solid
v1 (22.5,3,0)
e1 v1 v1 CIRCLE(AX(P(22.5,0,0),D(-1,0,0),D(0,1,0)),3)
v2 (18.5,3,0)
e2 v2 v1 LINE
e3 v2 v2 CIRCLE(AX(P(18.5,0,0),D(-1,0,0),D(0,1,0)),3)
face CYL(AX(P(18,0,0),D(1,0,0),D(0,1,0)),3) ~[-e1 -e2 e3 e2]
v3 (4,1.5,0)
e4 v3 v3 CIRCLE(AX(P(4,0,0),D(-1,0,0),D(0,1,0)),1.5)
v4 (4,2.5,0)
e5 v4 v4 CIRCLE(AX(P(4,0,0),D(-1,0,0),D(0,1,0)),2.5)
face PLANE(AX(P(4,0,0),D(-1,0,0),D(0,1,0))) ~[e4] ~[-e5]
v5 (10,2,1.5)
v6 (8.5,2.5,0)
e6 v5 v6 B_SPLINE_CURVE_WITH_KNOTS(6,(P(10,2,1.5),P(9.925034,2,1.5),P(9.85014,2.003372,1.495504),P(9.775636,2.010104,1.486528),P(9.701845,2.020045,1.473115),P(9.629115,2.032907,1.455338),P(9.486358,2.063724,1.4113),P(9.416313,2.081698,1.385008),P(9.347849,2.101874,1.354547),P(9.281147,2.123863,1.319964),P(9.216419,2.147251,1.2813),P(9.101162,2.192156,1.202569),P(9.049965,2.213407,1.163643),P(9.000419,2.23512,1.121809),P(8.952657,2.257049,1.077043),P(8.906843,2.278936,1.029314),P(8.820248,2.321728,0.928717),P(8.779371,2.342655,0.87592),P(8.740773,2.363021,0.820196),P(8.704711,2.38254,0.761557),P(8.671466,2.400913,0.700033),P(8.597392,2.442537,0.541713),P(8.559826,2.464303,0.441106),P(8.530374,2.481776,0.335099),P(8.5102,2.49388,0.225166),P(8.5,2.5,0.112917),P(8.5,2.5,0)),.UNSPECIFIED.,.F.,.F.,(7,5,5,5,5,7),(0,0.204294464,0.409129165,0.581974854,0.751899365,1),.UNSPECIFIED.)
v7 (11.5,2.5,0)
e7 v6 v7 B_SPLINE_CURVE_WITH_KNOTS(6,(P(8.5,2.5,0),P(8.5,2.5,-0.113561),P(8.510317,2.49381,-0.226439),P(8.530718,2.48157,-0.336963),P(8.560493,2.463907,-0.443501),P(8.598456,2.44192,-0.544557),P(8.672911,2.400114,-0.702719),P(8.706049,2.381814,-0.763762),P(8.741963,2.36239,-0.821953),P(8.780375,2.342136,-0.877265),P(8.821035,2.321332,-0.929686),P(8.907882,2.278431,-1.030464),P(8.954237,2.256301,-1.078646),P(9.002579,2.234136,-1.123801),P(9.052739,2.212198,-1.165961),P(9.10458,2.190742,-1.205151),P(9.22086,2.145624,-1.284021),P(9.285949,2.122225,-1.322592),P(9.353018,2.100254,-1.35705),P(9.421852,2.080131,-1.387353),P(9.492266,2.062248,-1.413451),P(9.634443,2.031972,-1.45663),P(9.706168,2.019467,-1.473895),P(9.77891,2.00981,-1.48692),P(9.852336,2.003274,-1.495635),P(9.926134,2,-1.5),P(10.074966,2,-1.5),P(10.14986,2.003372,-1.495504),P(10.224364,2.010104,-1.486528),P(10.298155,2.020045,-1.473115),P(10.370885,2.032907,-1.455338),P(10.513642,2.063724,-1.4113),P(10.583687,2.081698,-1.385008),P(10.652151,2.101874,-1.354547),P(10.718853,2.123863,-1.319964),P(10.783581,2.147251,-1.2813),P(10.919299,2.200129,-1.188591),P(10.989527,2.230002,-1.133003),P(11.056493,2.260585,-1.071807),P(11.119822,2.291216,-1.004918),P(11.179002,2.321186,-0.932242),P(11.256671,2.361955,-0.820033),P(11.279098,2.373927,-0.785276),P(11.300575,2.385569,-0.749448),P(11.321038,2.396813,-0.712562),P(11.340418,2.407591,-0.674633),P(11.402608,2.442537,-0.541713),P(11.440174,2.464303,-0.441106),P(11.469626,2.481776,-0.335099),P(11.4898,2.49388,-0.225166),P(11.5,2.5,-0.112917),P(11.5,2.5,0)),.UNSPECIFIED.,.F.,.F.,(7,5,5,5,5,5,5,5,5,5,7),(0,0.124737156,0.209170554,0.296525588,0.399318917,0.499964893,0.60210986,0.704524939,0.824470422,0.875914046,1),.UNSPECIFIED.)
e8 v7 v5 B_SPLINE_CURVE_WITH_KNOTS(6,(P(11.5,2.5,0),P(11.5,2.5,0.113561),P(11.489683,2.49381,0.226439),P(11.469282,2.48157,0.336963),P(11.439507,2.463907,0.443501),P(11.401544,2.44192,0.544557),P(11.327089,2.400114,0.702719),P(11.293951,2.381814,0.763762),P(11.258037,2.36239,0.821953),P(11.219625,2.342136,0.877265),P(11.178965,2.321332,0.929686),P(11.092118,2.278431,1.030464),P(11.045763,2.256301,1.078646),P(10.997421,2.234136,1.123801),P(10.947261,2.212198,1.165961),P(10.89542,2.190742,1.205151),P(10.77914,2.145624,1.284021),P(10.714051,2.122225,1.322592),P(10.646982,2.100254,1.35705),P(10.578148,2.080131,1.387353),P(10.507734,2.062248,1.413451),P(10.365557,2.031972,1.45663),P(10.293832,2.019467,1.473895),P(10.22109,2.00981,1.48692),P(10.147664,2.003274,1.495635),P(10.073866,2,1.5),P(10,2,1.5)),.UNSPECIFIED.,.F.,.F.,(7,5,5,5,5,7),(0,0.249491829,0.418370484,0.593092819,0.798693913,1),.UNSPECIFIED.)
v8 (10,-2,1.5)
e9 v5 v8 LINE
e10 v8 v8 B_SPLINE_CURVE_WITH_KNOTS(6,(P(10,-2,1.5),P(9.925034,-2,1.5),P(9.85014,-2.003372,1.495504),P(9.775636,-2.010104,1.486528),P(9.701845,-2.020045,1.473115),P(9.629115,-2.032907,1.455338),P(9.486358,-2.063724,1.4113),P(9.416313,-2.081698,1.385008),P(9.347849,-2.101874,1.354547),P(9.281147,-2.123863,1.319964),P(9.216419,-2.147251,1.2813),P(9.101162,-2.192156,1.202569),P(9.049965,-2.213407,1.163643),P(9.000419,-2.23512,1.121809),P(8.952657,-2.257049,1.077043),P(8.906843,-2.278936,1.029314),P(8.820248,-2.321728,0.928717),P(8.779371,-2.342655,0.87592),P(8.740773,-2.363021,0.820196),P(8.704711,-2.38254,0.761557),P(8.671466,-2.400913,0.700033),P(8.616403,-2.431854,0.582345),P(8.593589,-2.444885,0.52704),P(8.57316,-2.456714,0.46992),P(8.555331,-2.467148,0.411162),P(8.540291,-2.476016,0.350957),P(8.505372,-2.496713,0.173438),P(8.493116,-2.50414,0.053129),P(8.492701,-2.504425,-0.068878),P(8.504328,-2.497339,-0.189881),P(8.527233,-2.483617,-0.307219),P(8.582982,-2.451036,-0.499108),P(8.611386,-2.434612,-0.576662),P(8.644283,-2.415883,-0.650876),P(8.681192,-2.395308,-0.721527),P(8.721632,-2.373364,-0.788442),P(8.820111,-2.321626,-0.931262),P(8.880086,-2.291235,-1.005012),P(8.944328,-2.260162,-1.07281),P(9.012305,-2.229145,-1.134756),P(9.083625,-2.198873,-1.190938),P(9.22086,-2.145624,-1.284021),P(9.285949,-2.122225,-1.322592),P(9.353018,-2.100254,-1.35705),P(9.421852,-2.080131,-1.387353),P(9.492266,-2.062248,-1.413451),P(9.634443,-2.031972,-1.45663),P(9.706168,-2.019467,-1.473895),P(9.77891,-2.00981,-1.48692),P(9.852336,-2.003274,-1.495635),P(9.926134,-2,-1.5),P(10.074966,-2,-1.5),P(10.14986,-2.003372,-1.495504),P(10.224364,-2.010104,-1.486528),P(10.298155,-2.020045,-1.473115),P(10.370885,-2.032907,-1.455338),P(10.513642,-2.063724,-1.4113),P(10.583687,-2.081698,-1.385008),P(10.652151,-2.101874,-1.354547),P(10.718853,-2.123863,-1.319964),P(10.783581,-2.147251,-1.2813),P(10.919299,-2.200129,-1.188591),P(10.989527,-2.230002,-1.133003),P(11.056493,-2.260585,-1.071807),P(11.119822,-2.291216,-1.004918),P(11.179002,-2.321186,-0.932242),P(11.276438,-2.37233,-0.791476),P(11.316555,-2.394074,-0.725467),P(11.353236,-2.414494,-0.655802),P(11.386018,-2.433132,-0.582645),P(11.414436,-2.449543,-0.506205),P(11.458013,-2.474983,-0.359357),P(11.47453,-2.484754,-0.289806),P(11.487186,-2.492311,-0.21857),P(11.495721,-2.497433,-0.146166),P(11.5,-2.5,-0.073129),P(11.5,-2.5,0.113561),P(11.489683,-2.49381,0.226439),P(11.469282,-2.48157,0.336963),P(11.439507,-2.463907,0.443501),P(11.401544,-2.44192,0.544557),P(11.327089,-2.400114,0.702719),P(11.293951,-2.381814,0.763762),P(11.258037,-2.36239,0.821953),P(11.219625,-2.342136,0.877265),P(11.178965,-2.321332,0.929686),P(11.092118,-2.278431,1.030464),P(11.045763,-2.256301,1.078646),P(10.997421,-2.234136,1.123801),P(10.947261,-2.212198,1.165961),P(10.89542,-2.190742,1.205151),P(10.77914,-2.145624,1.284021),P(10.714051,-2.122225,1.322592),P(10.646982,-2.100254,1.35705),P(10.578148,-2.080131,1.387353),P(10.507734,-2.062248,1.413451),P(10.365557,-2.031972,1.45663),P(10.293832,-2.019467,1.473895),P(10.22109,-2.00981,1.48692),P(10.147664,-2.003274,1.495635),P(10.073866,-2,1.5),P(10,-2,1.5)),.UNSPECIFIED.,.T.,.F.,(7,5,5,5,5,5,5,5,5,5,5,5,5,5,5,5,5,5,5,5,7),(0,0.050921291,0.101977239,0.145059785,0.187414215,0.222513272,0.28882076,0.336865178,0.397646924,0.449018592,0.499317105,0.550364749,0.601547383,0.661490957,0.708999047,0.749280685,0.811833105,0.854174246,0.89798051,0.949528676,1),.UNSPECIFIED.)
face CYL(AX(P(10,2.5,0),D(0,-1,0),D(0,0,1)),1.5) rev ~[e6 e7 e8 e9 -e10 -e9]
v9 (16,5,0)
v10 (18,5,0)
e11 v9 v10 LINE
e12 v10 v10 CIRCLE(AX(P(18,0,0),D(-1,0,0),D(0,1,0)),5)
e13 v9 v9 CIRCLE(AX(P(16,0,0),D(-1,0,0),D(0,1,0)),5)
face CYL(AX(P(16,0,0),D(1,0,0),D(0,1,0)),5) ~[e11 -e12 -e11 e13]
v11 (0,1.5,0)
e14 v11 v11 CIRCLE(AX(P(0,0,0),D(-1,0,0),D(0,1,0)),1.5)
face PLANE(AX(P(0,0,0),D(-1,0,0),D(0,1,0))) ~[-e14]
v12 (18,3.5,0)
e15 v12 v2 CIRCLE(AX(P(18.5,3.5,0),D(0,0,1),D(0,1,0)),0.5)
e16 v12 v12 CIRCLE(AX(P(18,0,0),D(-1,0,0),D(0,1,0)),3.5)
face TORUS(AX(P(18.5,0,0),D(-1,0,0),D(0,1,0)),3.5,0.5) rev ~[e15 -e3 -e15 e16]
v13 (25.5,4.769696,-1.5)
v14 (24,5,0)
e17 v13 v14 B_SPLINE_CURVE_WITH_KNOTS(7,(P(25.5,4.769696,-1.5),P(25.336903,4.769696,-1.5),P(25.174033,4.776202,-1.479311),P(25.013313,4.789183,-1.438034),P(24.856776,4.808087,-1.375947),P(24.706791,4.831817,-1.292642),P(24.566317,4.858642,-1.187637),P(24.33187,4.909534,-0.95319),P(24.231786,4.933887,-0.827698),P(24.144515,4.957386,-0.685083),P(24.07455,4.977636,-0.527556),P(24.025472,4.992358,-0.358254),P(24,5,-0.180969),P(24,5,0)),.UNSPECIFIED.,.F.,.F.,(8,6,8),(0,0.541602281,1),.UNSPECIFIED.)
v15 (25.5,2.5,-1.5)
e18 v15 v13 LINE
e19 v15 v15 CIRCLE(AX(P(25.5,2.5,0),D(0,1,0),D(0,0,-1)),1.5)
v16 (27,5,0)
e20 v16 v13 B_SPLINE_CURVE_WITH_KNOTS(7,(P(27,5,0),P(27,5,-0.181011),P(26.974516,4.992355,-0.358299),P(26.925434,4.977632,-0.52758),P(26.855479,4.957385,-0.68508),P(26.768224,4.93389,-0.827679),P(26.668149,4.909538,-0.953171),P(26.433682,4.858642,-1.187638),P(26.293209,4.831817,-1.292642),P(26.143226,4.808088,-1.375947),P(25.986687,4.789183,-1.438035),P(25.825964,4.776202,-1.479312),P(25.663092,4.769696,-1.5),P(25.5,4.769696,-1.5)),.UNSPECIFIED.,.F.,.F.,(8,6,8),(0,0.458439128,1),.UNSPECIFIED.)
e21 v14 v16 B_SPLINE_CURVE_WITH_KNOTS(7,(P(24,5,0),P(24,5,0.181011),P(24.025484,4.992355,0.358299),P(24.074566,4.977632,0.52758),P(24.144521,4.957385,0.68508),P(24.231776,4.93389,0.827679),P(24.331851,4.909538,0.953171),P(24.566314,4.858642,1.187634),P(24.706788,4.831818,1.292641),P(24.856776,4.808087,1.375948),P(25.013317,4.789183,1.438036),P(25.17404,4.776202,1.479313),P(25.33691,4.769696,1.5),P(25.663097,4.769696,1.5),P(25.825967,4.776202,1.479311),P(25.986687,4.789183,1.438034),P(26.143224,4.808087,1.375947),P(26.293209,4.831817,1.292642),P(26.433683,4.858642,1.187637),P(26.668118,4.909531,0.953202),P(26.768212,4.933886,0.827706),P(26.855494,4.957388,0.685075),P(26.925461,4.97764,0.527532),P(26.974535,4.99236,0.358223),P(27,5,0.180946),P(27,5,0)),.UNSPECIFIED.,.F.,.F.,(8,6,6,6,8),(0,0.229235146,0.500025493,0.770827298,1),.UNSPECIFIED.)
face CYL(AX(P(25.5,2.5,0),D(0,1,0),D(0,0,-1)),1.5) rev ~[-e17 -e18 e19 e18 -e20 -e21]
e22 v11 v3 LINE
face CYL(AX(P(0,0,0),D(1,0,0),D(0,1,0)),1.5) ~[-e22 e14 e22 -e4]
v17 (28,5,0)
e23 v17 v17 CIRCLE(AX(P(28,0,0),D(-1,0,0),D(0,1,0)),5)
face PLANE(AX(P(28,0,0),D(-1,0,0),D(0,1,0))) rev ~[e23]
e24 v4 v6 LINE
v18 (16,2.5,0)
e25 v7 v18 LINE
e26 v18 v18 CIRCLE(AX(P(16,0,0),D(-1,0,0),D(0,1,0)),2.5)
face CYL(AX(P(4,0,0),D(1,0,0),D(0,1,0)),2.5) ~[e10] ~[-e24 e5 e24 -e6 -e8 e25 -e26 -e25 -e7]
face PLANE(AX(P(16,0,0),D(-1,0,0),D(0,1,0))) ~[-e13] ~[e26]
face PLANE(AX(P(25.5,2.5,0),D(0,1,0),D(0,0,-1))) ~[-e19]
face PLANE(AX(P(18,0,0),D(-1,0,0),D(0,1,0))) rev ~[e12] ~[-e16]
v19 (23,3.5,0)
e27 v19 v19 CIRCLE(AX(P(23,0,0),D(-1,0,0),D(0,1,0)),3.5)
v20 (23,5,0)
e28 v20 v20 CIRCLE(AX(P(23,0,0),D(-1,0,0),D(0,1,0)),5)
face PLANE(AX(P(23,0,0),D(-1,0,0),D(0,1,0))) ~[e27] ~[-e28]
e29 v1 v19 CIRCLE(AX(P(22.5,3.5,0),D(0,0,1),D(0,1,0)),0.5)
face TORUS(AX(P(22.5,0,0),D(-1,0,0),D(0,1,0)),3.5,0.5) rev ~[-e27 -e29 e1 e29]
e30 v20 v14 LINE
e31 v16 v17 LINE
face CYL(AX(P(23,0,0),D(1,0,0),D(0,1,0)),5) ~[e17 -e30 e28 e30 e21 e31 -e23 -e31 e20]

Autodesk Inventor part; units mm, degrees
ref_plane "YZ Plane" through (0, 0, 0) normal (1, 0, 0) x (0, 1, 0)
ref_plane "XY Plane" through (0, 0, 0) normal (0, 0, 1) x (1, 0, 0)
sketch "Sketch1" plane through (0, 0, 0) normal (0, 0, 1) x (1, 0, 0)
  line L0 (0, 0) -> (0, 1.5)
  line L1 (0, 1.5) -> (4, 1.5)
  line L2 (4, 1.5) -> (4, 2.5)
  line L3 (4, 2.5) -> (16, 2.5)
  line L4 (16, 2.5) -> (16, 5)
  line L5 (16, 5) -> (18, 5)
  line L6 (18, 5) -> (18, 3)
  line L7 (18, 3) -> (23, 3)
  line L8 (23, 3) -> (23, 5)
  line L9 (23, 5) -> (28, 5)
  line L10 (28, 5) -> (28, 0)
  line L11 (28, 0) -> (0, 0)
  dimension "d0" = 28
  dimension "d1" = 5
  dimension "d2" = 5
  dimension "d3" = 2
  dimension "d4" = 12
  dimension "d5" = 3
  dimension "d6" = 5
  dimension "d7" = 10
  dimension "d8" = 6
revolve "Revolution1" add sketch "Sketch1" angle 360 about axis through (28, 0, 0) along (-1, 0, 0)
ref_plane "Work Plane1" through (0, 2.5, 0) normal (0, 1, 0) x (-1, 0, 0)
sketch "Sketch2" plane through (0, 2.5, 0) normal (0, 1, 0) x (-1, 0, 0)
  line L0 (-4, -2.5) -> (-4, 2.5) projected
  point P0 (0, 0)
  point P1 (-10, 0)
  dimension "d11" = 6
hole "Hole1" at (10, 2.5, 0) direction (0, -1, 0) diameter 3 end through all
thread "Thread1" size "M3x0.5" class "6g" standard "ISO Metric profile" length 10
fillet "Fillet1" radius 0.5 2 edges at (18, -3, 0) (23, -3, 0)
sketch "Sketch4" plane through (0, 2.5, 0) normal (0, 1, 0) x (-1, 0, 0)
  line L0 (-28, -5) -> (-28, 5) projected
  point P0 (0, 0)
  point P1 (-25.5, 0)
  point P2 (-28, 0)
  dimension "d22" = 2.5
hole "Hole2" at (25.5, 2.5, 0) direction (0, 1, 0) diameter 3 end through all
thread "Thread2" size "M3x0.5" class "6H" standard "ISO Metric profile" length 10
properties part number "141"
